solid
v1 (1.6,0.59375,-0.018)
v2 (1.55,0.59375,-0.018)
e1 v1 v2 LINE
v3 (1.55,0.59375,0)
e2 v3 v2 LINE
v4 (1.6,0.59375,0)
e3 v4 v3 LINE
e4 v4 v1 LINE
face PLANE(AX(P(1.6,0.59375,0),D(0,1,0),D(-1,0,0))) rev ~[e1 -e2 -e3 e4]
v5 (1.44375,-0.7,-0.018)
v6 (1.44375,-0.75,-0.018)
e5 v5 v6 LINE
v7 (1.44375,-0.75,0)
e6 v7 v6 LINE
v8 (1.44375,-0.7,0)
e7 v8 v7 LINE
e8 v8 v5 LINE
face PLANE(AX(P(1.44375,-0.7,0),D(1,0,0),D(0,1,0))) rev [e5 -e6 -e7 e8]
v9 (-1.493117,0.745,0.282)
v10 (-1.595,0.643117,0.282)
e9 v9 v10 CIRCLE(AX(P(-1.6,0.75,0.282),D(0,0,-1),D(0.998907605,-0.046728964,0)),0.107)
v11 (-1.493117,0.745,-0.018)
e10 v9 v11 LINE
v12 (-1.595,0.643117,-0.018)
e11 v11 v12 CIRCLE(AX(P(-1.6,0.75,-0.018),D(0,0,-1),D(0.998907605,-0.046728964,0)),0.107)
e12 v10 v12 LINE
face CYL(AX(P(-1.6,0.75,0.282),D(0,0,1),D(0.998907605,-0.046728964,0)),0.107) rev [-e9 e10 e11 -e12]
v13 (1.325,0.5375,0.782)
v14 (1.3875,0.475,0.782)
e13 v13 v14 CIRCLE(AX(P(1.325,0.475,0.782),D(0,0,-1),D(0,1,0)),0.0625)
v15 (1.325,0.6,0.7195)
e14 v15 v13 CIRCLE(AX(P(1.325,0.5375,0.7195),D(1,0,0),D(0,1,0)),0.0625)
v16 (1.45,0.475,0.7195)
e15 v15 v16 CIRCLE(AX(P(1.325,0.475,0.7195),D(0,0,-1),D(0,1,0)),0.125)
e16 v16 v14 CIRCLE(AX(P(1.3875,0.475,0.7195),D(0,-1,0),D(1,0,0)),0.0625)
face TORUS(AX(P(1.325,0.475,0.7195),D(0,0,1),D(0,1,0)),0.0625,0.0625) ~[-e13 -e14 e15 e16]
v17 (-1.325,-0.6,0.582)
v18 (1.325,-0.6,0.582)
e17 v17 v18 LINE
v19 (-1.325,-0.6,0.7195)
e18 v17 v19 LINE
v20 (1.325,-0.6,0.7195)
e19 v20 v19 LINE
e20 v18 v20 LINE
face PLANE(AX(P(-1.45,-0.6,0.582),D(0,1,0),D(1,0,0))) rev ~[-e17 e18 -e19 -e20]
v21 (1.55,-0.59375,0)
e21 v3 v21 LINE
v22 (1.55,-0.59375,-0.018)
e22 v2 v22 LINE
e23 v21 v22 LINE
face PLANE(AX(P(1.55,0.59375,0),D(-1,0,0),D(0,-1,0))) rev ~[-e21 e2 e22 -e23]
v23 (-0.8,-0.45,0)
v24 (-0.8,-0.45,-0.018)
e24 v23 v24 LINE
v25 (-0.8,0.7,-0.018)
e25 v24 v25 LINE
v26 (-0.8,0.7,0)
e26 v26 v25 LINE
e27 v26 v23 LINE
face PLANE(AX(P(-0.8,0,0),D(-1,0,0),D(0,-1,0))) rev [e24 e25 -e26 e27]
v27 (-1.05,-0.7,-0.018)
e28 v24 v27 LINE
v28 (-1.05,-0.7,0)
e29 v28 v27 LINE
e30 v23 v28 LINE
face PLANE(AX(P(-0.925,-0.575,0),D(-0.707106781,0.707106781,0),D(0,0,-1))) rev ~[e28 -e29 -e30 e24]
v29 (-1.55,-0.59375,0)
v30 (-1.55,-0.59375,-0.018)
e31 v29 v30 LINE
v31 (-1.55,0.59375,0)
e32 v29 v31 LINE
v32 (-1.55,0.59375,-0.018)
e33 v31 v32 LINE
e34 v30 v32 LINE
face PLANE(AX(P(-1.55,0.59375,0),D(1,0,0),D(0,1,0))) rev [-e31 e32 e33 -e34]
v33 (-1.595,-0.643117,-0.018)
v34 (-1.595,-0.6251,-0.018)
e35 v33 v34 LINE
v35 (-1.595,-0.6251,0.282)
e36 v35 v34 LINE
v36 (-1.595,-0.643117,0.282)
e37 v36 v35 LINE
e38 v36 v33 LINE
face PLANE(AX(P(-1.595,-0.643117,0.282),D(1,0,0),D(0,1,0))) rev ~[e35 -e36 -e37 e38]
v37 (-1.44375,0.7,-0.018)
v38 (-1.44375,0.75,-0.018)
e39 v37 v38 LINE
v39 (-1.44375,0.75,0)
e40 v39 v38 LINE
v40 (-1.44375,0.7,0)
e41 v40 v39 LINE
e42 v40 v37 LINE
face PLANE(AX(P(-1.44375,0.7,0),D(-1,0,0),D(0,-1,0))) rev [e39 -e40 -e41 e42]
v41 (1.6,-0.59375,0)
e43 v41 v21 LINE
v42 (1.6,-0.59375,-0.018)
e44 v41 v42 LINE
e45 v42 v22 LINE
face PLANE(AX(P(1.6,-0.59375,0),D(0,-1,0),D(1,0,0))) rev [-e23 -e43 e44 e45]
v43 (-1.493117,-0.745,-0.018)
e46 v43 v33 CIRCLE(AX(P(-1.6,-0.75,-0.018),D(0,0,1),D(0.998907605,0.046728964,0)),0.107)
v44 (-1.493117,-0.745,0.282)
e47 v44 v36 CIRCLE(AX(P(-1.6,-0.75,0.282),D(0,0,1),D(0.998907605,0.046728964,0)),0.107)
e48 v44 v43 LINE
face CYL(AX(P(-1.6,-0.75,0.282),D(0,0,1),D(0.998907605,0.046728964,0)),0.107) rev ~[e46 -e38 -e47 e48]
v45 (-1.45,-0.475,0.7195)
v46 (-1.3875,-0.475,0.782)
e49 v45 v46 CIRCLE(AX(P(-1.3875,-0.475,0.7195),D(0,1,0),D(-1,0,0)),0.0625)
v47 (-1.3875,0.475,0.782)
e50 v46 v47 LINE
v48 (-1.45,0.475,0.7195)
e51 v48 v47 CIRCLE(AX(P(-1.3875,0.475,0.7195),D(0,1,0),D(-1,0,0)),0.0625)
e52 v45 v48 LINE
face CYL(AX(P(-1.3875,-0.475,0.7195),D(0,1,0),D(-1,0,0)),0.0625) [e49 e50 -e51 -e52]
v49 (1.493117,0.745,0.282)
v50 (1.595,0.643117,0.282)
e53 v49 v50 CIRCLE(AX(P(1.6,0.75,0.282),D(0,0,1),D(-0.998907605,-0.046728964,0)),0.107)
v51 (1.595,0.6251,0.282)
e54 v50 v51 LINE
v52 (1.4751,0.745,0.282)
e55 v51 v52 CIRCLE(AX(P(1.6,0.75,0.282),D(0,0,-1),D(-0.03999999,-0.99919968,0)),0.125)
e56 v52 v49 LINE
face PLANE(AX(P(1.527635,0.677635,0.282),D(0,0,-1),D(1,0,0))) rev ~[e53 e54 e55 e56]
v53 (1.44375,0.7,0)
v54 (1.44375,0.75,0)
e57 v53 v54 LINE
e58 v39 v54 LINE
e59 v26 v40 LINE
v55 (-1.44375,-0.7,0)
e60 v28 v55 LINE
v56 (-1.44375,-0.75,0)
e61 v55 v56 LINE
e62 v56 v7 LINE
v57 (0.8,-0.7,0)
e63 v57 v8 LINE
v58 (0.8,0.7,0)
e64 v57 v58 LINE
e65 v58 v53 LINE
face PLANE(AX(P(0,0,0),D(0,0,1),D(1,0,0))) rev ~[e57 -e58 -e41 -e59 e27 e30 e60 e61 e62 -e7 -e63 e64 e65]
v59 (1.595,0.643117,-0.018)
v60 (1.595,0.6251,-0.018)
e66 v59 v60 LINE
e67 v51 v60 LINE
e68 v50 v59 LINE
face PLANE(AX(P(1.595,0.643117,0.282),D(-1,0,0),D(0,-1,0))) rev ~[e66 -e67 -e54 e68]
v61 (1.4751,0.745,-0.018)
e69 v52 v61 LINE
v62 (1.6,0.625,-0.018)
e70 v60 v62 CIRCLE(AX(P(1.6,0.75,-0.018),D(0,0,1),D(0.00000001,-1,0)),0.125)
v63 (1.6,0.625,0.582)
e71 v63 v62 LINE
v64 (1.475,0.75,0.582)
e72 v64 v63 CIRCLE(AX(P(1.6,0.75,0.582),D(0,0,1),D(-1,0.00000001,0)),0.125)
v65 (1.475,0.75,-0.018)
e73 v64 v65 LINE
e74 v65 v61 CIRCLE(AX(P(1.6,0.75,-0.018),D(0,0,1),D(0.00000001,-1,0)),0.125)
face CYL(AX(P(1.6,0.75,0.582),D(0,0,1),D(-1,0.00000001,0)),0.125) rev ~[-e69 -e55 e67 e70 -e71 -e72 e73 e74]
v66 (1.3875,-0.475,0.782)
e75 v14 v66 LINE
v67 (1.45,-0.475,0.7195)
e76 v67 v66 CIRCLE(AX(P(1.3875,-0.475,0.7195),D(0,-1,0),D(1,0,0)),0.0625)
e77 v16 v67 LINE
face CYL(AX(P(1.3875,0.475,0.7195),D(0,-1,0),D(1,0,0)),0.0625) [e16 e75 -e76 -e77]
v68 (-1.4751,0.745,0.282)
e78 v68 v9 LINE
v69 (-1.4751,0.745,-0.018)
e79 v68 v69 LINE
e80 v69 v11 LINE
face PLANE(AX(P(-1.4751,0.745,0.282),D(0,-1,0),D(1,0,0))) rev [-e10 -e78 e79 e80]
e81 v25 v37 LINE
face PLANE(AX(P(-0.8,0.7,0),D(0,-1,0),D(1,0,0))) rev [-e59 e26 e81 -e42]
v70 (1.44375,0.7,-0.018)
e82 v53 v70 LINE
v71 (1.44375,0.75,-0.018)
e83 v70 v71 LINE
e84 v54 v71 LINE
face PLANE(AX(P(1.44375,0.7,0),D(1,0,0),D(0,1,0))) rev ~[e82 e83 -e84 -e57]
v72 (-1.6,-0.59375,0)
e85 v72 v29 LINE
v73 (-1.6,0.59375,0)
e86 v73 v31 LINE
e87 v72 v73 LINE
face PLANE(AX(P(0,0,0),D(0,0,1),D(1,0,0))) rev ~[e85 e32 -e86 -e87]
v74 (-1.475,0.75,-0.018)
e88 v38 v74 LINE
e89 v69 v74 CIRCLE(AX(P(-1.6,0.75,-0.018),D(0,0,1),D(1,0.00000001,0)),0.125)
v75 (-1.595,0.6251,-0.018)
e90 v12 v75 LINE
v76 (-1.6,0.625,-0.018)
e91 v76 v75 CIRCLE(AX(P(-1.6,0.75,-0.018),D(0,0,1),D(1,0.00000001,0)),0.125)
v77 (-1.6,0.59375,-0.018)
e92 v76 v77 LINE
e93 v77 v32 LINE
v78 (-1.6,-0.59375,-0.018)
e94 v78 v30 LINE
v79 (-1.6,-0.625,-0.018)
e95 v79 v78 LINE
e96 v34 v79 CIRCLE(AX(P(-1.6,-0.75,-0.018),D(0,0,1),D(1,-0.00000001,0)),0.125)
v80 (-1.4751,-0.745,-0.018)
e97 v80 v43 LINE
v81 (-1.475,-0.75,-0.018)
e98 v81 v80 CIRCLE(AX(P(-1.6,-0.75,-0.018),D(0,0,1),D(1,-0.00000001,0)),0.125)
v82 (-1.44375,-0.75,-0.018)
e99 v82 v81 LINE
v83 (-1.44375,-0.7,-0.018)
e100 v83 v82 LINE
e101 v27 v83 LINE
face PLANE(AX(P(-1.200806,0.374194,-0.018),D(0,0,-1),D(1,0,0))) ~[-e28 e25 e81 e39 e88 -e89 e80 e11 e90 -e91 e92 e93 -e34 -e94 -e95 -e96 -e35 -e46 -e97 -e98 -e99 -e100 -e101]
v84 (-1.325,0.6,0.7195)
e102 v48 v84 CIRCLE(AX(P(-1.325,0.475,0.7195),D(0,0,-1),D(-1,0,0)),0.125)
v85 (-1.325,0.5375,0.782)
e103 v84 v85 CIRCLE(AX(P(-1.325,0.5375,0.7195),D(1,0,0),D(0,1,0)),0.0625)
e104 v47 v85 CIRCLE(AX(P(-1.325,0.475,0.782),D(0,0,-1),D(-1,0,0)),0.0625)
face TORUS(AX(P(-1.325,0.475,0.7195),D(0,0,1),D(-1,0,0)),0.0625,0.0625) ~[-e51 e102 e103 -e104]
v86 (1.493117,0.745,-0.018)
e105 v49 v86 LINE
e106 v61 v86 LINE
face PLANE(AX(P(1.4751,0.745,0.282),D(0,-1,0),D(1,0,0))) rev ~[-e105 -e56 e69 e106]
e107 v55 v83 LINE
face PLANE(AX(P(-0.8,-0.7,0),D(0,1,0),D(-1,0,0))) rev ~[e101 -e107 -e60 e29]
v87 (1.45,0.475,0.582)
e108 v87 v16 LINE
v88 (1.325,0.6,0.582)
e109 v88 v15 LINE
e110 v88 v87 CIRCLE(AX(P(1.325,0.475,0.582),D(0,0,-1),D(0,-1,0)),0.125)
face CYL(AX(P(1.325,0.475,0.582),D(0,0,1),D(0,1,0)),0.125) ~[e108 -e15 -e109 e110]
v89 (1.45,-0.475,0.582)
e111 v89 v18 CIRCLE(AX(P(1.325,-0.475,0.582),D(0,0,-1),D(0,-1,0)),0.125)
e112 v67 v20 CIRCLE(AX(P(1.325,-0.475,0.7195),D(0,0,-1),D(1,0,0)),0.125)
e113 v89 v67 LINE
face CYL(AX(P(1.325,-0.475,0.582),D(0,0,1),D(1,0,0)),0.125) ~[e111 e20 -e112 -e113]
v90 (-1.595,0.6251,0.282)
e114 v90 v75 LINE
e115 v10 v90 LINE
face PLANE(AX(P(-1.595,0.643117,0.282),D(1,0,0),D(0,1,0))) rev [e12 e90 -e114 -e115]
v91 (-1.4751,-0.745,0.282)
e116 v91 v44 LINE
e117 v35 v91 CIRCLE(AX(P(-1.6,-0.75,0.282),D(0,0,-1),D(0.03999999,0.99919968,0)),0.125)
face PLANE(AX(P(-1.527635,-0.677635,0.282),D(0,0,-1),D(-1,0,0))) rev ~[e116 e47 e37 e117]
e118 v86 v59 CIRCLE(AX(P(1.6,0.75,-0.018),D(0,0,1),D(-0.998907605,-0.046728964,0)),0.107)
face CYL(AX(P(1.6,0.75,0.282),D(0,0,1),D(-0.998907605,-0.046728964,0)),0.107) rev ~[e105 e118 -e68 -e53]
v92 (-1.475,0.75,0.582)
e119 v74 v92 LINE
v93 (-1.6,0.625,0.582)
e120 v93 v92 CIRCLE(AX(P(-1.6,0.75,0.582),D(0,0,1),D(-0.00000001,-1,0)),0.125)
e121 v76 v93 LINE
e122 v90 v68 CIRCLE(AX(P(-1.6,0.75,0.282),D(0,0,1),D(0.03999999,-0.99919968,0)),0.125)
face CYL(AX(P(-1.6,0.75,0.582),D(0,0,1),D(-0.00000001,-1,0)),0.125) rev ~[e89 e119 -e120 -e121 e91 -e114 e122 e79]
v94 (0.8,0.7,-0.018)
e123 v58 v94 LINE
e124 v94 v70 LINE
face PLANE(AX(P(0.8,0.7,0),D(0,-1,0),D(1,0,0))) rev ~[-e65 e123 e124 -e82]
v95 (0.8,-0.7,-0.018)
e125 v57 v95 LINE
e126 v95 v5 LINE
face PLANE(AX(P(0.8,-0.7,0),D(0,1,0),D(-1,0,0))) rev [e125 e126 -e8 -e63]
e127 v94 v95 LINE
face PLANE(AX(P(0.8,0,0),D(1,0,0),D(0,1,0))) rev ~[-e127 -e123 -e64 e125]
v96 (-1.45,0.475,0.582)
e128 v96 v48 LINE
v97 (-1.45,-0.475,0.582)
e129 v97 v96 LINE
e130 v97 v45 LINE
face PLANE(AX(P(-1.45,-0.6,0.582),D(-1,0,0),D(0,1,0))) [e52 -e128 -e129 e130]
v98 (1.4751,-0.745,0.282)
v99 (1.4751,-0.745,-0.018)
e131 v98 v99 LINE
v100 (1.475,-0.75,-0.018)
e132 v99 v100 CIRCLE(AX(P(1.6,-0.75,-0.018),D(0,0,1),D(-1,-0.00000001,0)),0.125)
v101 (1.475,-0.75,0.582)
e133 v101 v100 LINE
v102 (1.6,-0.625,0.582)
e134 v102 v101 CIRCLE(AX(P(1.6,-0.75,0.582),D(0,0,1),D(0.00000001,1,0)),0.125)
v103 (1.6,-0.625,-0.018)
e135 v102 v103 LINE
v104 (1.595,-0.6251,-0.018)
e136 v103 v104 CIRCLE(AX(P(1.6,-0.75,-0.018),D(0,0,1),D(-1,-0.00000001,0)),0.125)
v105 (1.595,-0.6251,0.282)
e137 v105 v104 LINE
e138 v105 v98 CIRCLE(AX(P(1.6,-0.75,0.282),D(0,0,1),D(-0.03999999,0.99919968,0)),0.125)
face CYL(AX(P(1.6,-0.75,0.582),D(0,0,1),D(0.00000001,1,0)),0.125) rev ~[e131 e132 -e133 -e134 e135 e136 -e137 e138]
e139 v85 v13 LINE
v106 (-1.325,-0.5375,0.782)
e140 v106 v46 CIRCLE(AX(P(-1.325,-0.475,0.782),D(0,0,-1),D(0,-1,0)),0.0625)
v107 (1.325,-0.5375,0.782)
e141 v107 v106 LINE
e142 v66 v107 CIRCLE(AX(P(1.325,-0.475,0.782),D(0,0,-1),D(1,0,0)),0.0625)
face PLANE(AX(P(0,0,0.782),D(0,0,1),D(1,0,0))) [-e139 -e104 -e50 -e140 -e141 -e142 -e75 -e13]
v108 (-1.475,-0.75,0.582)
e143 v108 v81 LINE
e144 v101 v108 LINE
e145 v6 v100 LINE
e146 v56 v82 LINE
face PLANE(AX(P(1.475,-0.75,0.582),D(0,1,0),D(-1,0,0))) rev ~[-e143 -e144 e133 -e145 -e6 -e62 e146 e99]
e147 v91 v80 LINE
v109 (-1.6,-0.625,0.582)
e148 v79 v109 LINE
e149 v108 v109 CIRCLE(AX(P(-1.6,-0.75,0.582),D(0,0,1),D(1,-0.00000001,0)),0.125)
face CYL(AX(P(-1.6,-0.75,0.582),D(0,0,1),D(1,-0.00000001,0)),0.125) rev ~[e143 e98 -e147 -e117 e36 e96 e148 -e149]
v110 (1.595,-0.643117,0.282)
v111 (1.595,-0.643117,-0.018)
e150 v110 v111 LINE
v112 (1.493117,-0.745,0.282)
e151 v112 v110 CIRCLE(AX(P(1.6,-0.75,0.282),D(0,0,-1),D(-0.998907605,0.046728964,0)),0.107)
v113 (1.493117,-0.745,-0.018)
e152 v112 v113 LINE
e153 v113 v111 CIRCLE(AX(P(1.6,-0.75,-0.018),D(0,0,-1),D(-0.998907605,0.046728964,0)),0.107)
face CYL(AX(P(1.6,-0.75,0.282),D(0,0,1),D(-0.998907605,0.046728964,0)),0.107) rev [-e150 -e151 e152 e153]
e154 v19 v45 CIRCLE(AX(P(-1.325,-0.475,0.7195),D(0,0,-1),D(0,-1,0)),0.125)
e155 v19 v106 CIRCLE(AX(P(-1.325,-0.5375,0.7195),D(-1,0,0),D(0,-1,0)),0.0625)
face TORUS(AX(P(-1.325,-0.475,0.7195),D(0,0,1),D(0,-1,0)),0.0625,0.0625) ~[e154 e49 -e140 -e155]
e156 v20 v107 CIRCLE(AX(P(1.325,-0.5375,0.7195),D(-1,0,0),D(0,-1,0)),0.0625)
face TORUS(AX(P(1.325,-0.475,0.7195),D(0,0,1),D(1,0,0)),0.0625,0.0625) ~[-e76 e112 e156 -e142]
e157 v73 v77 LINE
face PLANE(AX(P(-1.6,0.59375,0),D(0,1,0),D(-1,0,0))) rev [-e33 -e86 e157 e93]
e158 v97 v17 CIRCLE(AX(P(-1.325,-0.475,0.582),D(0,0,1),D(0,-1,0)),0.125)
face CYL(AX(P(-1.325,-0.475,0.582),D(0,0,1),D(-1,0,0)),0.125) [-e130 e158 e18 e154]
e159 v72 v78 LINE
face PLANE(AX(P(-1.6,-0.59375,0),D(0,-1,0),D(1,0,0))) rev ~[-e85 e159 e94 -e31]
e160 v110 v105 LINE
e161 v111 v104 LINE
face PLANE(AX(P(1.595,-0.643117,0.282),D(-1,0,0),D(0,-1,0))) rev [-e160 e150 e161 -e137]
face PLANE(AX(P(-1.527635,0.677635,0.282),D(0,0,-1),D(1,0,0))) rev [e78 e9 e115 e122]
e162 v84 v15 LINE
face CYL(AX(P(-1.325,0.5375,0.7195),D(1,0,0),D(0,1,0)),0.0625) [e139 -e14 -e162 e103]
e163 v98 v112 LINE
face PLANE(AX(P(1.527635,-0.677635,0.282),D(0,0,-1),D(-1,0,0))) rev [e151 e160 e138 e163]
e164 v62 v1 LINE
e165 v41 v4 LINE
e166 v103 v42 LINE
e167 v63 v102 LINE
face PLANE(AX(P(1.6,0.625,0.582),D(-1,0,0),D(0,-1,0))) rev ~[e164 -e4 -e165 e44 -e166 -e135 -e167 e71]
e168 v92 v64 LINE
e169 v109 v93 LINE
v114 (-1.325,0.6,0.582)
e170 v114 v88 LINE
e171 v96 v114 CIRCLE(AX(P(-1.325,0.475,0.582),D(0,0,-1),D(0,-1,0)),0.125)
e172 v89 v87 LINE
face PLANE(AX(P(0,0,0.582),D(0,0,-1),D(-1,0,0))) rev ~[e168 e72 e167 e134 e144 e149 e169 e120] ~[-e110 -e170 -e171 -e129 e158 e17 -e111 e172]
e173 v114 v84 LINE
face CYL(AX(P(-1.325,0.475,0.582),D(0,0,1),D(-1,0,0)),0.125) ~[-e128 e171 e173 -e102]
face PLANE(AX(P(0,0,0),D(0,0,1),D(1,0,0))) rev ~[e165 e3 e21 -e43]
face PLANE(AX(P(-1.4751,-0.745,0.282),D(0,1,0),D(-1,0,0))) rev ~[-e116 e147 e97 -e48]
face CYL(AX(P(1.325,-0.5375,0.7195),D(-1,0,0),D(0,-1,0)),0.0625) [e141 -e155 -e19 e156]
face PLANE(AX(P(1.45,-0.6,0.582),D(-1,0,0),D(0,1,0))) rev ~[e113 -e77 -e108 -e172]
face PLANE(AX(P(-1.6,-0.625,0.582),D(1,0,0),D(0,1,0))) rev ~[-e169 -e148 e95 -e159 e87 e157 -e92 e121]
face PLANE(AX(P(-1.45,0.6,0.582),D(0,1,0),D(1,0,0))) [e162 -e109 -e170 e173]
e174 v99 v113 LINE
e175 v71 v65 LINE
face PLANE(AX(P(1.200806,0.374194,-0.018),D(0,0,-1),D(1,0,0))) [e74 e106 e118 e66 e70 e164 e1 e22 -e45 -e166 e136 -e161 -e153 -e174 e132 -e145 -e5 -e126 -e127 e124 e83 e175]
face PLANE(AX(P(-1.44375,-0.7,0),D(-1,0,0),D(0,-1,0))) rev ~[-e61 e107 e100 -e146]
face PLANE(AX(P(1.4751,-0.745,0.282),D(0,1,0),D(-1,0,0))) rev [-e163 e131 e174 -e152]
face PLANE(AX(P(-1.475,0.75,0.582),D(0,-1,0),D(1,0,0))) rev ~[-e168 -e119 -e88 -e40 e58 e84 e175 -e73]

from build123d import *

# Parameters (mm, degrees)
SKETCH1_W               = 3.2
SKETCH1_H               = 1.5
BOSS_EXTRUDE1_DEPTH     = 0.564
BOSS_EXTRUDE2_DEPTH     = 0.018
MIRROR5_COPY_1_DEPTH    = 0.018
CUT_EXTRUDE1_DEPTH      = 2.854884363
CUT_EXTRUDE1_DEPTH_BACK = 2.854884363
BOSS_EXTRUDE3_START     = -0.282
BOSS_EXTRUDE3_DEPTH     = 0.3
MIRROR2_START           = -0.282
MIRROR2_COPY_1_DEPTH    = 0.3
BOSS_EXTRUDE4_START     = 0.018
BOSS_EXTRUDE4_DEPTH     = 0.018
SKETCH8_W               = 2.9
SKETCH8_H               = 1.2
BOSS_EXTRUDE5_DEPTH     = 0.2
FILLET1_R               = 0.125
FILLET2_R               = 0.0625
CHAMFER1_SIZE           = 0.25


with BuildPart() as part:
    # Sketch1 → Boss-Extrude1 (new body)
    with BuildSketch(Plane.XY):
        Rectangle(SKETCH1_W, SKETCH1_H)
    extrude(amount=BOSS_EXTRUDE1_DEPTH)

    # Sketch2 → Boss-Extrude2 (add)
    with BuildSketch(Plane(origin=(0, 0, 0), x_dir=(-1, 0, 0), z_dir=(0, 0, -1))):
        Polygon((0.8, -0.7), (1.44375, -0.7), (1.44375, -0.75), (1.6, -0.75), (1.6, -0.59375), (1.55, -0.59375), (1.55, 0), (0.8, 0), align=None)
    boss_extrude2 = extrude(amount=BOSS_EXTRUDE2_DEPTH)

    # Mirror4: Boss-Extrude2 across plane
    add(boss_extrude2.mirror(Plane.ZX))

    # Mirror5: Boss-Extrude2 across plane
    add(boss_extrude2.mirror(Plane(origin=(0, 0, 0), x_dir=(0, 0, 1), z_dir=(1, 0, 0))))

    # Mirror5 copy 1 sketch → Mirror5 copy 1 (add)
    with BuildSketch(Plane(origin=(0, 0, 0), x_dir=(1, 0, 0), z_dir=(0, 0, -1))):
        Polygon((0.8, -0.7), (1.44375, -0.7), (1.44375, -0.75), (1.6, -0.75), (1.6, -0.59375), (1.55, -0.59375), (1.55, 0), (0.8, 0), align=None)
    extrude(amount=MIRROR5_COPY_1_DEPTH)

    # Sketch3 → Cut-Extrude1 (cut, two sides: drawn at the far end of the back side and taken through both)
    with BuildSketch(Plane(origin=(0, 0, 0), x_dir=(-1, 0, 0), z_dir=(0, 0, -1)).offset(-CUT_EXTRUDE1_DEPTH_BACK)):
        with BuildLine():
            Line((1.6, 0.625), (1.6, 0.75))
            Line((1.6, 0.75), (1.475, 0.75))
            ThreePointArc((1.475, 0.75), (1.511611652, 0.661611652), (1.6, 0.625))
        make_face()
        with BuildLine():
            Line((-1.475, 0.75), (-1.6, 0.75))
            Line((-1.6, 0.75), (-1.6, 0.625))
            ThreePointArc((-1.6, 0.625), (-1.511611652, 0.661611652), (-1.475, 0.75))
        make_face()
        with BuildLine():
            Line((-1.6, -0.625), (-1.6, -0.75))
            Line((-1.6, -0.75), (-1.475, -0.75))
            ThreePointArc((-1.475, -0.75), (-1.511611652, -0.661611652), (-1.6, -0.625))
        make_face()
        with BuildLine():
            Line((1.6, -0.625), (1.6, -0.75))
            Line((1.6, -0.75), (1.475, -0.75))
            ThreePointArc((1.475, -0.75), (1.511611652, -0.661611652), (1.6, -0.625))
        make_face()
    extrude(amount=CUT_EXTRUDE1_DEPTH + CUT_EXTRUDE1_DEPTH_BACK, mode=Mode.SUBTRACT)

    # Sketch5 → Boss-Extrude3 (add)
    with BuildSketch(Plane(origin=(0, 0, 0), x_dir=(-1, 0, 0), z_dir=(0, 0, -1)).offset(BOSS_EXTRUDE3_START)):
        with BuildLine():
            Line((1.47510004, -0.745), (1.493116886, -0.745))
            ThreePointArc((1.493116886, -0.745), (1.524339574, -0.674339574), (1.595, -0.643116886))
            Line((1.595, -0.643116886), (1.595, -0.62510004))
            ThreePointArc((1.595, -0.62510004), (1.511611652, -0.661611652), (1.47510004, -0.745))
        make_face()
    boss_extrude3 = extrude(amount=BOSS_EXTRUDE3_DEPTH)

    # Mirror1: Boss-Extrude3 across plane
    add(boss_extrude3.mirror(Plane(origin=(0, 0, 0), x_dir=(0, 0, 1), z_dir=(1, 0, 0))))

    # Mirror2: Boss-Extrude3 across plane
    add(boss_extrude3.mirror(Plane.ZX))

    # Mirror2 copy 1 sketch → Mirror2 copy 1 (add)
    with BuildSketch(Plane(origin=(0, 0, 0), x_dir=(1, 0, 0), z_dir=(0, 0, -1)).offset(MIRROR2_START)):
        with BuildLine():
            Line((1.47510004, -0.745), (1.493116886, -0.745))
            ThreePointArc((1.493116886, -0.745), (1.524339574, -0.674339574), (1.595, -0.643116886))
            Line((1.595, -0.643116886), (1.595, -0.62510004))
            ThreePointArc((1.595, -0.62510004), (1.511611652, -0.661611652), (1.47510004, -0.745))
        make_face()
    extrude(amount=MIRROR2_COPY_1_DEPTH)

    # Sketch7 → Boss-Extrude4 (add)
    with BuildSketch(Plane.XY.offset(0.564).offset(BOSS_EXTRUDE4_START)):
        with BuildLine():
            Line((-1.475, 0.75), (1.475, 0.75))
            ThreePointArc((1.475, 0.75), (1.511611652, 0.661611652), (1.6, 0.625))
            Line((1.6, 0.625), (1.6, -0.625))
            ThreePointArc((1.6, -0.625), (1.511611652, -0.661611652), (1.475, -0.75))
            Line((1.475, -0.75), (-1.475, -0.75))
            ThreePointArc((-1.475, -0.75), (-1.511611652, -0.661611652), (-1.6, -0.625))
            Line((-1.6, -0.625), (-1.6, 0.625))
            ThreePointArc((-1.6, 0.625), (-1.511611652, 0.661611652), (-1.475, 0.75))
        make_face()
    extrude(amount=-BOSS_EXTRUDE4_DEPTH)

    # Sketch8 → Boss-Extrude5 (add)
    with BuildSketch(Plane.XY.offset(0.582)):
        Rectangle(SKETCH8_W, SKETCH8_H)
    extrude(amount=BOSS_EXTRUDE5_DEPTH)

    # Fillet1
    fillet1_edges = [part.edges().sort_by_distance(p)[0] for p in [
        (1.45, -0.6, 0.682),
        (1.45, 0.6, 0.682),
        (-1.45, 0.6, 0.682),
        (-1.45, -0.6, 0.682),
    ]]
    fillet(fillet1_edges, radius=FILLET1_R)

    # Fillet2
    fillet2_edges = [part.edges().sort_by_distance(p)[0] for p in [
        (-1.45, 0, 0.782),
        (0, 0.6, 0.782),
        (1.45, 0, 0.782),
        (0, -0.6, 0.782),
        (-1.413388348, -0.563388348, 0.782),
        (1.413388348, -0.563388348, 0.782),
        (1.413388348, 0.563388348, 0.782),
        (-1.413388348, 0.563388348, 0.782),
    ]]
    fillet(fillet2_edges, radius=FILLET2_R)

    # Chamfer1
    chamfer1_edges = [part.edges().sort_by_distance(p)[0] for p in [
        (-0.8, -0.7, -0.009),
    ]]
    chamfer(chamfer1_edges, length=CHAMFER1_SIZE)


solid = part.part
